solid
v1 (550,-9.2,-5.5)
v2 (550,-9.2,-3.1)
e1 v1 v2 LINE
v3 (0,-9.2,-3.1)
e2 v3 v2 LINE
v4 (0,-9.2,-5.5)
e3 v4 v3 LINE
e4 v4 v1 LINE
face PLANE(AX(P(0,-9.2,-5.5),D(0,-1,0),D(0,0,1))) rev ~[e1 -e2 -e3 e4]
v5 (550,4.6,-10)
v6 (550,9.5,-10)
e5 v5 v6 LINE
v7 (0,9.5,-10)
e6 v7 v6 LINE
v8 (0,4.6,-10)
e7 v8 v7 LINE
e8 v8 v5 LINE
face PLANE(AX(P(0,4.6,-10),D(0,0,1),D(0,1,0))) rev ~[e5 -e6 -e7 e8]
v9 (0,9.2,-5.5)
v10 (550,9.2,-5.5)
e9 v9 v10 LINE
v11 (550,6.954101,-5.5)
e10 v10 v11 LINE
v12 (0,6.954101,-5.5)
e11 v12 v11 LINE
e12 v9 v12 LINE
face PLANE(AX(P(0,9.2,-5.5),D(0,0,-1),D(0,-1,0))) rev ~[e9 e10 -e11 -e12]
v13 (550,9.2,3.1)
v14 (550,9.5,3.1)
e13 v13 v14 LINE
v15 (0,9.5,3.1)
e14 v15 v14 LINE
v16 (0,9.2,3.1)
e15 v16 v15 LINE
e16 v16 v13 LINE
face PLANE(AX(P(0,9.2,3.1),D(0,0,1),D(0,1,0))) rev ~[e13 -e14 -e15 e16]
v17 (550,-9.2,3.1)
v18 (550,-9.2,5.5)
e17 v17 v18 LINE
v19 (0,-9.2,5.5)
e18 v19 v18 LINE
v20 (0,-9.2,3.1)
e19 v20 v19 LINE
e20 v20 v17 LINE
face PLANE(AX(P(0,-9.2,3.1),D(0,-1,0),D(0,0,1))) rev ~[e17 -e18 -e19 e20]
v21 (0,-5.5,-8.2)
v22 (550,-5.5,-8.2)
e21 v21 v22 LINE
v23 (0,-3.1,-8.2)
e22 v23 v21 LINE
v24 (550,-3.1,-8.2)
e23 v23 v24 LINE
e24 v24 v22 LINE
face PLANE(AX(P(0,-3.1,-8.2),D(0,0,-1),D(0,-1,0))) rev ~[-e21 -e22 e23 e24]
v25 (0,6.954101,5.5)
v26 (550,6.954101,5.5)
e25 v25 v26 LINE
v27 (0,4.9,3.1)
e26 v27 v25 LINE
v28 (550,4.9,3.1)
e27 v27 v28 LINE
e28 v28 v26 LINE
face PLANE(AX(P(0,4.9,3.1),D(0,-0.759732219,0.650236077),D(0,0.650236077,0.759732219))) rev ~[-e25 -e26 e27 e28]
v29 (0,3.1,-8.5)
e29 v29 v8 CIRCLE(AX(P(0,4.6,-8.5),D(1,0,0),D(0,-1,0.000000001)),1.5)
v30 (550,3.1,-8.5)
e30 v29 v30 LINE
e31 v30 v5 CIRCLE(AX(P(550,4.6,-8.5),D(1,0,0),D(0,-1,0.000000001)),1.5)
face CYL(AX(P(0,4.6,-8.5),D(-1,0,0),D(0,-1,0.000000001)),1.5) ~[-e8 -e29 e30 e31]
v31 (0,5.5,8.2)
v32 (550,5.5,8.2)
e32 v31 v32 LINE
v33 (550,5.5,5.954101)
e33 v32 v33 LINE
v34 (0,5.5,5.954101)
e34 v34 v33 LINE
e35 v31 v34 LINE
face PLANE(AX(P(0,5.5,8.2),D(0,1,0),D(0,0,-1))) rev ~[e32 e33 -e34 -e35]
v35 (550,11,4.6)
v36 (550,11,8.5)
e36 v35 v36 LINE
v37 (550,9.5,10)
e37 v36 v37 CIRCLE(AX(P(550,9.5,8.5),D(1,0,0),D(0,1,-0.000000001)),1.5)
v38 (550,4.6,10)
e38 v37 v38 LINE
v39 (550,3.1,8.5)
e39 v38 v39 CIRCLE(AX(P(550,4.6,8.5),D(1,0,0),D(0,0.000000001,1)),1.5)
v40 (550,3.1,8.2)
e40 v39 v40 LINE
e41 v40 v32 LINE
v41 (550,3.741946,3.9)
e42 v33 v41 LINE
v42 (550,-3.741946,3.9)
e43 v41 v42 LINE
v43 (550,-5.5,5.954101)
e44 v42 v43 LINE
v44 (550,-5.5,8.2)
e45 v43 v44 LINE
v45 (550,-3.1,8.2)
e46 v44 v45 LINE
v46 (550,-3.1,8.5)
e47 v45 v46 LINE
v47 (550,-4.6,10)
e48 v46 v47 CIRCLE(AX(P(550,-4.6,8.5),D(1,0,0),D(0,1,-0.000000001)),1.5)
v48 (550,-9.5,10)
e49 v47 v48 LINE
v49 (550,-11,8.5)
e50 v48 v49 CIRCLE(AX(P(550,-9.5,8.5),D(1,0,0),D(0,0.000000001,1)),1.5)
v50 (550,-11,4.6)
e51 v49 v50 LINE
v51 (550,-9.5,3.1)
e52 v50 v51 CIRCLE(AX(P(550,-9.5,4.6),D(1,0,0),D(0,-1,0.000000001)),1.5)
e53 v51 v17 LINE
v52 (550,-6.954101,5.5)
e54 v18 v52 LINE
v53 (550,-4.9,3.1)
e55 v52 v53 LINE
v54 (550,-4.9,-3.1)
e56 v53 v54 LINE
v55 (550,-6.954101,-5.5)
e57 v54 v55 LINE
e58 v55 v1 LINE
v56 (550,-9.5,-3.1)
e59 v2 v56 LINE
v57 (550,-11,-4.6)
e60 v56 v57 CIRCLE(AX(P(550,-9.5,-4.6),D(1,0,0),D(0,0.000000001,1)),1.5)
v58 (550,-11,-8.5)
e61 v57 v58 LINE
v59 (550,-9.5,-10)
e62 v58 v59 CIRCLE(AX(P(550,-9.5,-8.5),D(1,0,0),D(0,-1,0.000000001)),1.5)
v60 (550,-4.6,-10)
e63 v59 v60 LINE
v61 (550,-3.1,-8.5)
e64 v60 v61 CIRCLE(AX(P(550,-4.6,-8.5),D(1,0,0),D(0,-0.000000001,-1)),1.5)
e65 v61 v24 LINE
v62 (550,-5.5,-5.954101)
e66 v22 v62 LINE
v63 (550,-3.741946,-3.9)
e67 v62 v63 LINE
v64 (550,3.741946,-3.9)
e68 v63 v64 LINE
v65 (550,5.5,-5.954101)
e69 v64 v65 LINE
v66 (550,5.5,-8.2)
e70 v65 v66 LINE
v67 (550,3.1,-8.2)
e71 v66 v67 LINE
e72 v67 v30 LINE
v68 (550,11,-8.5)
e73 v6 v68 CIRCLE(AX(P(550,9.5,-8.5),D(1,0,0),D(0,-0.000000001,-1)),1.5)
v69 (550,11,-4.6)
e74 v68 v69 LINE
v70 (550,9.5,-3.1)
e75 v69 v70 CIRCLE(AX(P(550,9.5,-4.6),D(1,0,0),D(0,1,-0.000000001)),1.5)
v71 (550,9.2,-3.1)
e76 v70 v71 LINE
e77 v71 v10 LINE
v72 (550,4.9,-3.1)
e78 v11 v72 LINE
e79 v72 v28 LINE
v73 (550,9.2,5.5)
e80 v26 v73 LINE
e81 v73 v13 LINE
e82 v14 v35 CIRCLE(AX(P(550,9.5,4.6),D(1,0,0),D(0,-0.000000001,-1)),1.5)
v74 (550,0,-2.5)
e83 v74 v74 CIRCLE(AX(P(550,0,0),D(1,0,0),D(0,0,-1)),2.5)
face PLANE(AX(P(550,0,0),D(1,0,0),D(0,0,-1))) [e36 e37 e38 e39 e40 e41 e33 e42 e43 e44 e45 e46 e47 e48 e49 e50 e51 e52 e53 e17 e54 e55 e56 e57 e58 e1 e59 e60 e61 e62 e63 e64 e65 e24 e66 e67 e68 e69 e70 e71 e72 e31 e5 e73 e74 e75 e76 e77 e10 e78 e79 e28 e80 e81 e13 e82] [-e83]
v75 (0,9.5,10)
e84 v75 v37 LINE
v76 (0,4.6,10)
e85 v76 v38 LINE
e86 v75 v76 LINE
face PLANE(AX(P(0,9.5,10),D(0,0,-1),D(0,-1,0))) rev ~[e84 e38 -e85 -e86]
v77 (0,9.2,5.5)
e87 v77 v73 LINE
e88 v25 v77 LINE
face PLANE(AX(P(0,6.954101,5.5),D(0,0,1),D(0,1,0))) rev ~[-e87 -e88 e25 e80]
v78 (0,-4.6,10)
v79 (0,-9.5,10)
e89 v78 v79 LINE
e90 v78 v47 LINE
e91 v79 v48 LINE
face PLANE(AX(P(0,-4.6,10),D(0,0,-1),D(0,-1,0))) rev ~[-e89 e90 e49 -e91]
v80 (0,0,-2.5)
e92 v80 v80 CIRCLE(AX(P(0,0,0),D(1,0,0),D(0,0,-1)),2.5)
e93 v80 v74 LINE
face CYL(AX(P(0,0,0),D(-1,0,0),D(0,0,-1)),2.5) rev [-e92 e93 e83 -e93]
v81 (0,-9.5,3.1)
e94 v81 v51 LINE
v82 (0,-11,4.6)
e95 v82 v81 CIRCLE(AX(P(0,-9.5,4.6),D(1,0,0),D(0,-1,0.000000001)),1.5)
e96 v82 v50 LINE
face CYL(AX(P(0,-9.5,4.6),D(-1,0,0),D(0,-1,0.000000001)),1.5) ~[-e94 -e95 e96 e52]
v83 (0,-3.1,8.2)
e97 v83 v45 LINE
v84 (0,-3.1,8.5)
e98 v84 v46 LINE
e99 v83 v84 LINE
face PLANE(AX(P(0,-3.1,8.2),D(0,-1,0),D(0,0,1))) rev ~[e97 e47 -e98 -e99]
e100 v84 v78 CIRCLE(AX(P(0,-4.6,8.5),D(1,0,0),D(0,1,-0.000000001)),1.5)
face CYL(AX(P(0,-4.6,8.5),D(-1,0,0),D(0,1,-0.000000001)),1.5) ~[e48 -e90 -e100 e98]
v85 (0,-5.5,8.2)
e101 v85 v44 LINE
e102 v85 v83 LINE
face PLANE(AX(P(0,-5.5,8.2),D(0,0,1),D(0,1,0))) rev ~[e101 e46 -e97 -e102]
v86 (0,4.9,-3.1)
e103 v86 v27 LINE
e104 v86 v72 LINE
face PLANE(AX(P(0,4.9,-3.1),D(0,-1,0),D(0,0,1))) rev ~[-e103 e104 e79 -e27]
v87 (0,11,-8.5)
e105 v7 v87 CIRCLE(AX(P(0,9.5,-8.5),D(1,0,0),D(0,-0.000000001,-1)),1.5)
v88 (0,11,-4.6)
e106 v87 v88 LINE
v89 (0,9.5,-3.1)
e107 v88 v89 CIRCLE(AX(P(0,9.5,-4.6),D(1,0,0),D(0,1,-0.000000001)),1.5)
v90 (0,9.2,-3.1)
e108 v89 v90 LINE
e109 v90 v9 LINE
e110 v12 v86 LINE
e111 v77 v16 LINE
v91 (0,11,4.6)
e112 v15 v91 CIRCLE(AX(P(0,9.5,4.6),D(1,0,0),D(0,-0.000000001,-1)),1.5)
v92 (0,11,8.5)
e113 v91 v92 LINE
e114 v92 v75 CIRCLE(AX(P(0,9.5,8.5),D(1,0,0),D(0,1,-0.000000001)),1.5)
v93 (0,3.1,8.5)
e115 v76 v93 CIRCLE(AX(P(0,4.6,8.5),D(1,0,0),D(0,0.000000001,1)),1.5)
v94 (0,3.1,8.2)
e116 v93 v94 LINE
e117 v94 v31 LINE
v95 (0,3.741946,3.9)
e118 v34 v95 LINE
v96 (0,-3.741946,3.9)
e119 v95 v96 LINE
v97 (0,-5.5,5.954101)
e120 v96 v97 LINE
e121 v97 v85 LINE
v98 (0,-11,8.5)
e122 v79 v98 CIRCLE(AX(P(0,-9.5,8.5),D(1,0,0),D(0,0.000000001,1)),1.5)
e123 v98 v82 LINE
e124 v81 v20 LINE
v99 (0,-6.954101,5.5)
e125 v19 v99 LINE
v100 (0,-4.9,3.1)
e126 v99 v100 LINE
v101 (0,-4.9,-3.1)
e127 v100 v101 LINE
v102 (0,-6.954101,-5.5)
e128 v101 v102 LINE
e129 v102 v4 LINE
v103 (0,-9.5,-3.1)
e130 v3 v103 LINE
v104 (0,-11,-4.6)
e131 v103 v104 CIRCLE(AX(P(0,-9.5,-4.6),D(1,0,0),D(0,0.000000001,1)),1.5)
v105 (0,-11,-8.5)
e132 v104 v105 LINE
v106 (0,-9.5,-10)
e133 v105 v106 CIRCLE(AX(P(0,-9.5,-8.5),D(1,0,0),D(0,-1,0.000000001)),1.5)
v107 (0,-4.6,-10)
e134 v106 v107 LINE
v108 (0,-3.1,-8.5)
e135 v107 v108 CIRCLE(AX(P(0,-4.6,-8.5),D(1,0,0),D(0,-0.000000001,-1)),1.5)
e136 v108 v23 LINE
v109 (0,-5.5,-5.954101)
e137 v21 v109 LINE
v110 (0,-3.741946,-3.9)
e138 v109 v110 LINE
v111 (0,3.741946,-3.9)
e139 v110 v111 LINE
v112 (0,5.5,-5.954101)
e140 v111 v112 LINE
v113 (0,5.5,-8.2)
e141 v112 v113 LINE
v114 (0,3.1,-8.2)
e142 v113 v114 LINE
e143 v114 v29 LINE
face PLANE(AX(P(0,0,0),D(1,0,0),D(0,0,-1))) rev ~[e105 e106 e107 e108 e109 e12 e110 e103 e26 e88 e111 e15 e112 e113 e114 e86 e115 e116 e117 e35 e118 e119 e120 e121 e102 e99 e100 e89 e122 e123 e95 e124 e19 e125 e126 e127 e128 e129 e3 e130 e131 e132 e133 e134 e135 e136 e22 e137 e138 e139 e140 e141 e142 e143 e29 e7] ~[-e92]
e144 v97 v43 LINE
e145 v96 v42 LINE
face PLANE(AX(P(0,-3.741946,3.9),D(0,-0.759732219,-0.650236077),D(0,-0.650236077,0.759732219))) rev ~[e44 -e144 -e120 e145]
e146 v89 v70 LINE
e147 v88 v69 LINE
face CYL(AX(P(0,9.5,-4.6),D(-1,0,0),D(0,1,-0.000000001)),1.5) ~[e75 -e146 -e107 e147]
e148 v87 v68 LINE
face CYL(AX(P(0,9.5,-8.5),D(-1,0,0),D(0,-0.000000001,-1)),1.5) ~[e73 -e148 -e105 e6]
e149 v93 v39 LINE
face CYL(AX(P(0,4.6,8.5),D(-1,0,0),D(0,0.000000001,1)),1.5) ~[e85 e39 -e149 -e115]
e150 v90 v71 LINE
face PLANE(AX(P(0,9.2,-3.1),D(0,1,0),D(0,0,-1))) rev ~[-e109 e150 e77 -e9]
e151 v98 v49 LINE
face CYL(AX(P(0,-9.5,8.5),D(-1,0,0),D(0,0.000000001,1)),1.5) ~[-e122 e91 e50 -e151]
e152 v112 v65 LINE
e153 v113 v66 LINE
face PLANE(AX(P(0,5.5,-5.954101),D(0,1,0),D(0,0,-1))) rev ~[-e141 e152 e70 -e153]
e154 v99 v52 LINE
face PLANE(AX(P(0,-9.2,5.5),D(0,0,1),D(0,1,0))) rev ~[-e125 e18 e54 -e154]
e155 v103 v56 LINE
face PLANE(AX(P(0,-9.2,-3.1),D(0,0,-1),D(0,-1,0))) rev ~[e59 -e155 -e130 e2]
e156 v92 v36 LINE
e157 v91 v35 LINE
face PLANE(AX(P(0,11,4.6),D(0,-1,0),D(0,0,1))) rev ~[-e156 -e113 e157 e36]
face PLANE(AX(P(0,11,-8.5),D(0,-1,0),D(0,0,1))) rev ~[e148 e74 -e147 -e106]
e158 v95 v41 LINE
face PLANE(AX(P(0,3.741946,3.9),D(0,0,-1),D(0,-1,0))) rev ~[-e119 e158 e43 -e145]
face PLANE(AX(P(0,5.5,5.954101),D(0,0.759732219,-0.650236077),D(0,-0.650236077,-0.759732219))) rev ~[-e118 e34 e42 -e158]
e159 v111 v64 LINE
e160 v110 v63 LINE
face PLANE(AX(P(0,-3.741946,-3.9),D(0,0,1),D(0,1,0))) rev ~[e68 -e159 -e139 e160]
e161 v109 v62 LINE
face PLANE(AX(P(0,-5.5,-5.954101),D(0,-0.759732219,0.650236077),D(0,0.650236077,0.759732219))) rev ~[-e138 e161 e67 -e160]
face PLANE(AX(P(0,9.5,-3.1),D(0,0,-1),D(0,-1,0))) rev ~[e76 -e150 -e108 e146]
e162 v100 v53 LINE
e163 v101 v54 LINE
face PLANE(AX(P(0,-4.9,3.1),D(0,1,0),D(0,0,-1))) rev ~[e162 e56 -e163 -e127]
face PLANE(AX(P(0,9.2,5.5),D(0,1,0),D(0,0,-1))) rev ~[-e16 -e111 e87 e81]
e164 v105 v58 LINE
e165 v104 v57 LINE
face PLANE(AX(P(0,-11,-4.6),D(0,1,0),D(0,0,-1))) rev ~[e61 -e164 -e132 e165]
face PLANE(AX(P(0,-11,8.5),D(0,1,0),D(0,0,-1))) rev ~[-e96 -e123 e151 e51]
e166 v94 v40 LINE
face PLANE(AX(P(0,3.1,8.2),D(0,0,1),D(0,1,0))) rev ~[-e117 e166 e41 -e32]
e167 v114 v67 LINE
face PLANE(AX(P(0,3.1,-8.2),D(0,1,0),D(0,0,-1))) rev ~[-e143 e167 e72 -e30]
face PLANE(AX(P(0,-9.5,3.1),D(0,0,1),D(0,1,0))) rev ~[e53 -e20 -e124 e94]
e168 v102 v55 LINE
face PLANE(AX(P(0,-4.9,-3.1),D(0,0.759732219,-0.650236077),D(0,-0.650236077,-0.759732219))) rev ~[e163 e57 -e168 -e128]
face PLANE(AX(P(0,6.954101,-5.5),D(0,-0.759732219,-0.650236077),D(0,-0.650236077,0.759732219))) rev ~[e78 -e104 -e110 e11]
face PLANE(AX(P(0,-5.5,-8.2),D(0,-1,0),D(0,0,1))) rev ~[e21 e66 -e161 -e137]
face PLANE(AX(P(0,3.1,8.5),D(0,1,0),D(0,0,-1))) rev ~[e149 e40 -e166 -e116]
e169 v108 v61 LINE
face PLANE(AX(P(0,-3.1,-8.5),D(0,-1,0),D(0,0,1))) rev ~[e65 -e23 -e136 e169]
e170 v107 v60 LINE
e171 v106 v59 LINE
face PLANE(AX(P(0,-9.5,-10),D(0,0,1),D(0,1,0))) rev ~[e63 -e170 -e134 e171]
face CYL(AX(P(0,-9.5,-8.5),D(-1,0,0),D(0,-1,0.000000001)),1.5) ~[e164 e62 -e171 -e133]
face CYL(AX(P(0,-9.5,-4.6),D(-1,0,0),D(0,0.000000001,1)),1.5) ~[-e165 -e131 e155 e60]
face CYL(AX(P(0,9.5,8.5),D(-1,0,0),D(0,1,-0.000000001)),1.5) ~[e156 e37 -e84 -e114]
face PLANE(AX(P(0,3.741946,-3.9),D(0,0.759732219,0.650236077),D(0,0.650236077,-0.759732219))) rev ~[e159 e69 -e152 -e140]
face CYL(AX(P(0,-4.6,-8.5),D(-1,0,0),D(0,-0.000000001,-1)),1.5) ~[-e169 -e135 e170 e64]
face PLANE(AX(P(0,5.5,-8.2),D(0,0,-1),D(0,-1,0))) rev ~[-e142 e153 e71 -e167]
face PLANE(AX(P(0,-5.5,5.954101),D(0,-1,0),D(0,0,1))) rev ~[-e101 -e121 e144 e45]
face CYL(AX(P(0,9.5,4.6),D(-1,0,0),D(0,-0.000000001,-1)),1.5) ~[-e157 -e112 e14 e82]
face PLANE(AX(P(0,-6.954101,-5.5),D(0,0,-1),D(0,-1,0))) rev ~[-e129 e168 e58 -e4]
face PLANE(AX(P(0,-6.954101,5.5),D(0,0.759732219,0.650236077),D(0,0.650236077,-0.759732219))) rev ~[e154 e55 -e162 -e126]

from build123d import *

# Parameters (mm, degrees)
SKETCH1_R           = 2.5
BOSS_EXTRUDE1_DEPTH = 550


with BuildPart() as part:
    # Sketch1 → Boss-Extrude1 (new body)
    with BuildSketch(Plane(origin=(0, 0, 0), x_dir=(0, 0, -1), z_dir=(1, 0, 0))):
        with BuildLine():
            Line((-3.1, 4.9), (-5.5, 6.954100836))
            Line((-5.5, 6.954100836), (-5.5, 9.2))
            Line((-5.5, 9.2), (-3.1, 9.2))
            Line((-3.1, 9.2), (-3.1, 9.5))
            ThreePointArc((-3.1, 9.5), (-3.539339828, 10.560660172), (-4.6, 11))
            Line((-4.6, 11), (-8.5, 11))
            ThreePointArc((-8.5, 11), (-9.560660172, 10.560660172), (-10, 9.5))
            Line((-10, 9.5), (-10, 4.6))
            ThreePointArc((-10, 4.6), (-9.560660172, 3.539339828), (-8.5, 3.1))
            Line((-8.5, 3.1), (-8.2, 3.1))
            Line((-8.2, 3.1), (-8.2, 5.5))
            Line((-8.2, 5.5), (-5.954100836, 5.5))
            Line((-5.954100836, 5.5), (-3.9, 3.741945732))
            Line((-3.9, 3.741945732), (-3.9, -3.741945732))
            Line((-3.9, -3.741945732), (-5.954100836, -5.5))
            Line((-5.954100836, -5.5), (-8.2, -5.5))
            Line((-8.2, -5.5), (-8.2, -3.1))
            Line((-8.2, -3.1), (-8.5, -3.1))
            ThreePointArc((-8.5, -3.1), (-9.560660172, -3.539339828), (-10, -4.6))
            Line((-10, -4.6), (-10, -9.5))
            ThreePointArc((-10, -9.5), (-9.560660172, -10.560660172), (-8.5, -11))
            Line((-8.5, -11), (-4.6, -11))
            ThreePointArc((-4.6, -11), (-3.539339828, -10.560660172), (-3.1, -9.5))
            Line((-3.1, -9.5), (-3.1, -9.2))
            Line((-3.1, -9.2), (-5.5, -9.2))
            Line((-5.5, -9.2), (-5.5, -6.954100836))
            Line((-5.5, -6.954100836), (-3.1, -4.9))
            Line((-3.1, -4.9), (3.1, -4.9))
            Line((3.1, -4.9), (5.5, -6.954100836))
            Line((5.5, -6.954100836), (5.5, -9.2))
            Line((5.5, -9.2), (3.1, -9.2))
            Line((3.1, -9.2), (3.1, -9.5))
            ThreePointArc((3.1, -9.5), (3.539339828, -10.560660172), (4.6, -11))
            Line((4.6, -11), (8.5, -11))
            ThreePointArc((8.5, -11), (9.560660172, -10.560660172), (10, -9.5))
            Line((10, -9.5), (10, -4.6))
            ThreePointArc((10, -4.6), (9.560660172, -3.539339828), (8.5, -3.1))
            Line((8.5, -3.1), (8.2, -3.1))
            Line((8.2, -3.1), (8.2, -5.5))
            Line((8.2, -5.5), (5.954100836, -5.5))
            Line((5.954100836, -5.5), (3.9, -3.741945732))
            Line((3.9, -3.741945732), (3.9, 3.741945732))
            Line((3.9, 3.741945732), (5.954100836, 5.5))
            Line((5.954100836, 5.5), (8.2, 5.5))
            Line((8.2, 5.5), (8.2, 3.1))
            Line((8.2, 3.1), (8.5, 3.1))
            ThreePointArc((8.5, 3.1), (9.560660172, 3.539339828), (10, 4.6))
            Line((10, 4.6), (10, 9.5))
            ThreePointArc((10, 9.5), (9.560660172, 10.560660172), (8.5, 11))
            Line((8.5, 11), (4.6, 11))
            ThreePointArc((4.6, 11), (3.539339828, 10.560660172), (3.1, 9.5))
            Line((3.1, 9.5), (3.1, 9.2))
            Line((3.1, 9.2), (5.5, 9.2))
            Line((5.5, 9.2), (5.5, 6.954100836))
            Line((5.5, 6.954100836), (3.1, 4.9))
            Line((3.1, 4.9), (-3.1, 4.9))
        make_face()
        Circle(SKETCH1_R, mode=Mode.SUBTRACT)
    extrude(amount=BOSS_EXTRUDE1_DEPTH)


solid = part.part
